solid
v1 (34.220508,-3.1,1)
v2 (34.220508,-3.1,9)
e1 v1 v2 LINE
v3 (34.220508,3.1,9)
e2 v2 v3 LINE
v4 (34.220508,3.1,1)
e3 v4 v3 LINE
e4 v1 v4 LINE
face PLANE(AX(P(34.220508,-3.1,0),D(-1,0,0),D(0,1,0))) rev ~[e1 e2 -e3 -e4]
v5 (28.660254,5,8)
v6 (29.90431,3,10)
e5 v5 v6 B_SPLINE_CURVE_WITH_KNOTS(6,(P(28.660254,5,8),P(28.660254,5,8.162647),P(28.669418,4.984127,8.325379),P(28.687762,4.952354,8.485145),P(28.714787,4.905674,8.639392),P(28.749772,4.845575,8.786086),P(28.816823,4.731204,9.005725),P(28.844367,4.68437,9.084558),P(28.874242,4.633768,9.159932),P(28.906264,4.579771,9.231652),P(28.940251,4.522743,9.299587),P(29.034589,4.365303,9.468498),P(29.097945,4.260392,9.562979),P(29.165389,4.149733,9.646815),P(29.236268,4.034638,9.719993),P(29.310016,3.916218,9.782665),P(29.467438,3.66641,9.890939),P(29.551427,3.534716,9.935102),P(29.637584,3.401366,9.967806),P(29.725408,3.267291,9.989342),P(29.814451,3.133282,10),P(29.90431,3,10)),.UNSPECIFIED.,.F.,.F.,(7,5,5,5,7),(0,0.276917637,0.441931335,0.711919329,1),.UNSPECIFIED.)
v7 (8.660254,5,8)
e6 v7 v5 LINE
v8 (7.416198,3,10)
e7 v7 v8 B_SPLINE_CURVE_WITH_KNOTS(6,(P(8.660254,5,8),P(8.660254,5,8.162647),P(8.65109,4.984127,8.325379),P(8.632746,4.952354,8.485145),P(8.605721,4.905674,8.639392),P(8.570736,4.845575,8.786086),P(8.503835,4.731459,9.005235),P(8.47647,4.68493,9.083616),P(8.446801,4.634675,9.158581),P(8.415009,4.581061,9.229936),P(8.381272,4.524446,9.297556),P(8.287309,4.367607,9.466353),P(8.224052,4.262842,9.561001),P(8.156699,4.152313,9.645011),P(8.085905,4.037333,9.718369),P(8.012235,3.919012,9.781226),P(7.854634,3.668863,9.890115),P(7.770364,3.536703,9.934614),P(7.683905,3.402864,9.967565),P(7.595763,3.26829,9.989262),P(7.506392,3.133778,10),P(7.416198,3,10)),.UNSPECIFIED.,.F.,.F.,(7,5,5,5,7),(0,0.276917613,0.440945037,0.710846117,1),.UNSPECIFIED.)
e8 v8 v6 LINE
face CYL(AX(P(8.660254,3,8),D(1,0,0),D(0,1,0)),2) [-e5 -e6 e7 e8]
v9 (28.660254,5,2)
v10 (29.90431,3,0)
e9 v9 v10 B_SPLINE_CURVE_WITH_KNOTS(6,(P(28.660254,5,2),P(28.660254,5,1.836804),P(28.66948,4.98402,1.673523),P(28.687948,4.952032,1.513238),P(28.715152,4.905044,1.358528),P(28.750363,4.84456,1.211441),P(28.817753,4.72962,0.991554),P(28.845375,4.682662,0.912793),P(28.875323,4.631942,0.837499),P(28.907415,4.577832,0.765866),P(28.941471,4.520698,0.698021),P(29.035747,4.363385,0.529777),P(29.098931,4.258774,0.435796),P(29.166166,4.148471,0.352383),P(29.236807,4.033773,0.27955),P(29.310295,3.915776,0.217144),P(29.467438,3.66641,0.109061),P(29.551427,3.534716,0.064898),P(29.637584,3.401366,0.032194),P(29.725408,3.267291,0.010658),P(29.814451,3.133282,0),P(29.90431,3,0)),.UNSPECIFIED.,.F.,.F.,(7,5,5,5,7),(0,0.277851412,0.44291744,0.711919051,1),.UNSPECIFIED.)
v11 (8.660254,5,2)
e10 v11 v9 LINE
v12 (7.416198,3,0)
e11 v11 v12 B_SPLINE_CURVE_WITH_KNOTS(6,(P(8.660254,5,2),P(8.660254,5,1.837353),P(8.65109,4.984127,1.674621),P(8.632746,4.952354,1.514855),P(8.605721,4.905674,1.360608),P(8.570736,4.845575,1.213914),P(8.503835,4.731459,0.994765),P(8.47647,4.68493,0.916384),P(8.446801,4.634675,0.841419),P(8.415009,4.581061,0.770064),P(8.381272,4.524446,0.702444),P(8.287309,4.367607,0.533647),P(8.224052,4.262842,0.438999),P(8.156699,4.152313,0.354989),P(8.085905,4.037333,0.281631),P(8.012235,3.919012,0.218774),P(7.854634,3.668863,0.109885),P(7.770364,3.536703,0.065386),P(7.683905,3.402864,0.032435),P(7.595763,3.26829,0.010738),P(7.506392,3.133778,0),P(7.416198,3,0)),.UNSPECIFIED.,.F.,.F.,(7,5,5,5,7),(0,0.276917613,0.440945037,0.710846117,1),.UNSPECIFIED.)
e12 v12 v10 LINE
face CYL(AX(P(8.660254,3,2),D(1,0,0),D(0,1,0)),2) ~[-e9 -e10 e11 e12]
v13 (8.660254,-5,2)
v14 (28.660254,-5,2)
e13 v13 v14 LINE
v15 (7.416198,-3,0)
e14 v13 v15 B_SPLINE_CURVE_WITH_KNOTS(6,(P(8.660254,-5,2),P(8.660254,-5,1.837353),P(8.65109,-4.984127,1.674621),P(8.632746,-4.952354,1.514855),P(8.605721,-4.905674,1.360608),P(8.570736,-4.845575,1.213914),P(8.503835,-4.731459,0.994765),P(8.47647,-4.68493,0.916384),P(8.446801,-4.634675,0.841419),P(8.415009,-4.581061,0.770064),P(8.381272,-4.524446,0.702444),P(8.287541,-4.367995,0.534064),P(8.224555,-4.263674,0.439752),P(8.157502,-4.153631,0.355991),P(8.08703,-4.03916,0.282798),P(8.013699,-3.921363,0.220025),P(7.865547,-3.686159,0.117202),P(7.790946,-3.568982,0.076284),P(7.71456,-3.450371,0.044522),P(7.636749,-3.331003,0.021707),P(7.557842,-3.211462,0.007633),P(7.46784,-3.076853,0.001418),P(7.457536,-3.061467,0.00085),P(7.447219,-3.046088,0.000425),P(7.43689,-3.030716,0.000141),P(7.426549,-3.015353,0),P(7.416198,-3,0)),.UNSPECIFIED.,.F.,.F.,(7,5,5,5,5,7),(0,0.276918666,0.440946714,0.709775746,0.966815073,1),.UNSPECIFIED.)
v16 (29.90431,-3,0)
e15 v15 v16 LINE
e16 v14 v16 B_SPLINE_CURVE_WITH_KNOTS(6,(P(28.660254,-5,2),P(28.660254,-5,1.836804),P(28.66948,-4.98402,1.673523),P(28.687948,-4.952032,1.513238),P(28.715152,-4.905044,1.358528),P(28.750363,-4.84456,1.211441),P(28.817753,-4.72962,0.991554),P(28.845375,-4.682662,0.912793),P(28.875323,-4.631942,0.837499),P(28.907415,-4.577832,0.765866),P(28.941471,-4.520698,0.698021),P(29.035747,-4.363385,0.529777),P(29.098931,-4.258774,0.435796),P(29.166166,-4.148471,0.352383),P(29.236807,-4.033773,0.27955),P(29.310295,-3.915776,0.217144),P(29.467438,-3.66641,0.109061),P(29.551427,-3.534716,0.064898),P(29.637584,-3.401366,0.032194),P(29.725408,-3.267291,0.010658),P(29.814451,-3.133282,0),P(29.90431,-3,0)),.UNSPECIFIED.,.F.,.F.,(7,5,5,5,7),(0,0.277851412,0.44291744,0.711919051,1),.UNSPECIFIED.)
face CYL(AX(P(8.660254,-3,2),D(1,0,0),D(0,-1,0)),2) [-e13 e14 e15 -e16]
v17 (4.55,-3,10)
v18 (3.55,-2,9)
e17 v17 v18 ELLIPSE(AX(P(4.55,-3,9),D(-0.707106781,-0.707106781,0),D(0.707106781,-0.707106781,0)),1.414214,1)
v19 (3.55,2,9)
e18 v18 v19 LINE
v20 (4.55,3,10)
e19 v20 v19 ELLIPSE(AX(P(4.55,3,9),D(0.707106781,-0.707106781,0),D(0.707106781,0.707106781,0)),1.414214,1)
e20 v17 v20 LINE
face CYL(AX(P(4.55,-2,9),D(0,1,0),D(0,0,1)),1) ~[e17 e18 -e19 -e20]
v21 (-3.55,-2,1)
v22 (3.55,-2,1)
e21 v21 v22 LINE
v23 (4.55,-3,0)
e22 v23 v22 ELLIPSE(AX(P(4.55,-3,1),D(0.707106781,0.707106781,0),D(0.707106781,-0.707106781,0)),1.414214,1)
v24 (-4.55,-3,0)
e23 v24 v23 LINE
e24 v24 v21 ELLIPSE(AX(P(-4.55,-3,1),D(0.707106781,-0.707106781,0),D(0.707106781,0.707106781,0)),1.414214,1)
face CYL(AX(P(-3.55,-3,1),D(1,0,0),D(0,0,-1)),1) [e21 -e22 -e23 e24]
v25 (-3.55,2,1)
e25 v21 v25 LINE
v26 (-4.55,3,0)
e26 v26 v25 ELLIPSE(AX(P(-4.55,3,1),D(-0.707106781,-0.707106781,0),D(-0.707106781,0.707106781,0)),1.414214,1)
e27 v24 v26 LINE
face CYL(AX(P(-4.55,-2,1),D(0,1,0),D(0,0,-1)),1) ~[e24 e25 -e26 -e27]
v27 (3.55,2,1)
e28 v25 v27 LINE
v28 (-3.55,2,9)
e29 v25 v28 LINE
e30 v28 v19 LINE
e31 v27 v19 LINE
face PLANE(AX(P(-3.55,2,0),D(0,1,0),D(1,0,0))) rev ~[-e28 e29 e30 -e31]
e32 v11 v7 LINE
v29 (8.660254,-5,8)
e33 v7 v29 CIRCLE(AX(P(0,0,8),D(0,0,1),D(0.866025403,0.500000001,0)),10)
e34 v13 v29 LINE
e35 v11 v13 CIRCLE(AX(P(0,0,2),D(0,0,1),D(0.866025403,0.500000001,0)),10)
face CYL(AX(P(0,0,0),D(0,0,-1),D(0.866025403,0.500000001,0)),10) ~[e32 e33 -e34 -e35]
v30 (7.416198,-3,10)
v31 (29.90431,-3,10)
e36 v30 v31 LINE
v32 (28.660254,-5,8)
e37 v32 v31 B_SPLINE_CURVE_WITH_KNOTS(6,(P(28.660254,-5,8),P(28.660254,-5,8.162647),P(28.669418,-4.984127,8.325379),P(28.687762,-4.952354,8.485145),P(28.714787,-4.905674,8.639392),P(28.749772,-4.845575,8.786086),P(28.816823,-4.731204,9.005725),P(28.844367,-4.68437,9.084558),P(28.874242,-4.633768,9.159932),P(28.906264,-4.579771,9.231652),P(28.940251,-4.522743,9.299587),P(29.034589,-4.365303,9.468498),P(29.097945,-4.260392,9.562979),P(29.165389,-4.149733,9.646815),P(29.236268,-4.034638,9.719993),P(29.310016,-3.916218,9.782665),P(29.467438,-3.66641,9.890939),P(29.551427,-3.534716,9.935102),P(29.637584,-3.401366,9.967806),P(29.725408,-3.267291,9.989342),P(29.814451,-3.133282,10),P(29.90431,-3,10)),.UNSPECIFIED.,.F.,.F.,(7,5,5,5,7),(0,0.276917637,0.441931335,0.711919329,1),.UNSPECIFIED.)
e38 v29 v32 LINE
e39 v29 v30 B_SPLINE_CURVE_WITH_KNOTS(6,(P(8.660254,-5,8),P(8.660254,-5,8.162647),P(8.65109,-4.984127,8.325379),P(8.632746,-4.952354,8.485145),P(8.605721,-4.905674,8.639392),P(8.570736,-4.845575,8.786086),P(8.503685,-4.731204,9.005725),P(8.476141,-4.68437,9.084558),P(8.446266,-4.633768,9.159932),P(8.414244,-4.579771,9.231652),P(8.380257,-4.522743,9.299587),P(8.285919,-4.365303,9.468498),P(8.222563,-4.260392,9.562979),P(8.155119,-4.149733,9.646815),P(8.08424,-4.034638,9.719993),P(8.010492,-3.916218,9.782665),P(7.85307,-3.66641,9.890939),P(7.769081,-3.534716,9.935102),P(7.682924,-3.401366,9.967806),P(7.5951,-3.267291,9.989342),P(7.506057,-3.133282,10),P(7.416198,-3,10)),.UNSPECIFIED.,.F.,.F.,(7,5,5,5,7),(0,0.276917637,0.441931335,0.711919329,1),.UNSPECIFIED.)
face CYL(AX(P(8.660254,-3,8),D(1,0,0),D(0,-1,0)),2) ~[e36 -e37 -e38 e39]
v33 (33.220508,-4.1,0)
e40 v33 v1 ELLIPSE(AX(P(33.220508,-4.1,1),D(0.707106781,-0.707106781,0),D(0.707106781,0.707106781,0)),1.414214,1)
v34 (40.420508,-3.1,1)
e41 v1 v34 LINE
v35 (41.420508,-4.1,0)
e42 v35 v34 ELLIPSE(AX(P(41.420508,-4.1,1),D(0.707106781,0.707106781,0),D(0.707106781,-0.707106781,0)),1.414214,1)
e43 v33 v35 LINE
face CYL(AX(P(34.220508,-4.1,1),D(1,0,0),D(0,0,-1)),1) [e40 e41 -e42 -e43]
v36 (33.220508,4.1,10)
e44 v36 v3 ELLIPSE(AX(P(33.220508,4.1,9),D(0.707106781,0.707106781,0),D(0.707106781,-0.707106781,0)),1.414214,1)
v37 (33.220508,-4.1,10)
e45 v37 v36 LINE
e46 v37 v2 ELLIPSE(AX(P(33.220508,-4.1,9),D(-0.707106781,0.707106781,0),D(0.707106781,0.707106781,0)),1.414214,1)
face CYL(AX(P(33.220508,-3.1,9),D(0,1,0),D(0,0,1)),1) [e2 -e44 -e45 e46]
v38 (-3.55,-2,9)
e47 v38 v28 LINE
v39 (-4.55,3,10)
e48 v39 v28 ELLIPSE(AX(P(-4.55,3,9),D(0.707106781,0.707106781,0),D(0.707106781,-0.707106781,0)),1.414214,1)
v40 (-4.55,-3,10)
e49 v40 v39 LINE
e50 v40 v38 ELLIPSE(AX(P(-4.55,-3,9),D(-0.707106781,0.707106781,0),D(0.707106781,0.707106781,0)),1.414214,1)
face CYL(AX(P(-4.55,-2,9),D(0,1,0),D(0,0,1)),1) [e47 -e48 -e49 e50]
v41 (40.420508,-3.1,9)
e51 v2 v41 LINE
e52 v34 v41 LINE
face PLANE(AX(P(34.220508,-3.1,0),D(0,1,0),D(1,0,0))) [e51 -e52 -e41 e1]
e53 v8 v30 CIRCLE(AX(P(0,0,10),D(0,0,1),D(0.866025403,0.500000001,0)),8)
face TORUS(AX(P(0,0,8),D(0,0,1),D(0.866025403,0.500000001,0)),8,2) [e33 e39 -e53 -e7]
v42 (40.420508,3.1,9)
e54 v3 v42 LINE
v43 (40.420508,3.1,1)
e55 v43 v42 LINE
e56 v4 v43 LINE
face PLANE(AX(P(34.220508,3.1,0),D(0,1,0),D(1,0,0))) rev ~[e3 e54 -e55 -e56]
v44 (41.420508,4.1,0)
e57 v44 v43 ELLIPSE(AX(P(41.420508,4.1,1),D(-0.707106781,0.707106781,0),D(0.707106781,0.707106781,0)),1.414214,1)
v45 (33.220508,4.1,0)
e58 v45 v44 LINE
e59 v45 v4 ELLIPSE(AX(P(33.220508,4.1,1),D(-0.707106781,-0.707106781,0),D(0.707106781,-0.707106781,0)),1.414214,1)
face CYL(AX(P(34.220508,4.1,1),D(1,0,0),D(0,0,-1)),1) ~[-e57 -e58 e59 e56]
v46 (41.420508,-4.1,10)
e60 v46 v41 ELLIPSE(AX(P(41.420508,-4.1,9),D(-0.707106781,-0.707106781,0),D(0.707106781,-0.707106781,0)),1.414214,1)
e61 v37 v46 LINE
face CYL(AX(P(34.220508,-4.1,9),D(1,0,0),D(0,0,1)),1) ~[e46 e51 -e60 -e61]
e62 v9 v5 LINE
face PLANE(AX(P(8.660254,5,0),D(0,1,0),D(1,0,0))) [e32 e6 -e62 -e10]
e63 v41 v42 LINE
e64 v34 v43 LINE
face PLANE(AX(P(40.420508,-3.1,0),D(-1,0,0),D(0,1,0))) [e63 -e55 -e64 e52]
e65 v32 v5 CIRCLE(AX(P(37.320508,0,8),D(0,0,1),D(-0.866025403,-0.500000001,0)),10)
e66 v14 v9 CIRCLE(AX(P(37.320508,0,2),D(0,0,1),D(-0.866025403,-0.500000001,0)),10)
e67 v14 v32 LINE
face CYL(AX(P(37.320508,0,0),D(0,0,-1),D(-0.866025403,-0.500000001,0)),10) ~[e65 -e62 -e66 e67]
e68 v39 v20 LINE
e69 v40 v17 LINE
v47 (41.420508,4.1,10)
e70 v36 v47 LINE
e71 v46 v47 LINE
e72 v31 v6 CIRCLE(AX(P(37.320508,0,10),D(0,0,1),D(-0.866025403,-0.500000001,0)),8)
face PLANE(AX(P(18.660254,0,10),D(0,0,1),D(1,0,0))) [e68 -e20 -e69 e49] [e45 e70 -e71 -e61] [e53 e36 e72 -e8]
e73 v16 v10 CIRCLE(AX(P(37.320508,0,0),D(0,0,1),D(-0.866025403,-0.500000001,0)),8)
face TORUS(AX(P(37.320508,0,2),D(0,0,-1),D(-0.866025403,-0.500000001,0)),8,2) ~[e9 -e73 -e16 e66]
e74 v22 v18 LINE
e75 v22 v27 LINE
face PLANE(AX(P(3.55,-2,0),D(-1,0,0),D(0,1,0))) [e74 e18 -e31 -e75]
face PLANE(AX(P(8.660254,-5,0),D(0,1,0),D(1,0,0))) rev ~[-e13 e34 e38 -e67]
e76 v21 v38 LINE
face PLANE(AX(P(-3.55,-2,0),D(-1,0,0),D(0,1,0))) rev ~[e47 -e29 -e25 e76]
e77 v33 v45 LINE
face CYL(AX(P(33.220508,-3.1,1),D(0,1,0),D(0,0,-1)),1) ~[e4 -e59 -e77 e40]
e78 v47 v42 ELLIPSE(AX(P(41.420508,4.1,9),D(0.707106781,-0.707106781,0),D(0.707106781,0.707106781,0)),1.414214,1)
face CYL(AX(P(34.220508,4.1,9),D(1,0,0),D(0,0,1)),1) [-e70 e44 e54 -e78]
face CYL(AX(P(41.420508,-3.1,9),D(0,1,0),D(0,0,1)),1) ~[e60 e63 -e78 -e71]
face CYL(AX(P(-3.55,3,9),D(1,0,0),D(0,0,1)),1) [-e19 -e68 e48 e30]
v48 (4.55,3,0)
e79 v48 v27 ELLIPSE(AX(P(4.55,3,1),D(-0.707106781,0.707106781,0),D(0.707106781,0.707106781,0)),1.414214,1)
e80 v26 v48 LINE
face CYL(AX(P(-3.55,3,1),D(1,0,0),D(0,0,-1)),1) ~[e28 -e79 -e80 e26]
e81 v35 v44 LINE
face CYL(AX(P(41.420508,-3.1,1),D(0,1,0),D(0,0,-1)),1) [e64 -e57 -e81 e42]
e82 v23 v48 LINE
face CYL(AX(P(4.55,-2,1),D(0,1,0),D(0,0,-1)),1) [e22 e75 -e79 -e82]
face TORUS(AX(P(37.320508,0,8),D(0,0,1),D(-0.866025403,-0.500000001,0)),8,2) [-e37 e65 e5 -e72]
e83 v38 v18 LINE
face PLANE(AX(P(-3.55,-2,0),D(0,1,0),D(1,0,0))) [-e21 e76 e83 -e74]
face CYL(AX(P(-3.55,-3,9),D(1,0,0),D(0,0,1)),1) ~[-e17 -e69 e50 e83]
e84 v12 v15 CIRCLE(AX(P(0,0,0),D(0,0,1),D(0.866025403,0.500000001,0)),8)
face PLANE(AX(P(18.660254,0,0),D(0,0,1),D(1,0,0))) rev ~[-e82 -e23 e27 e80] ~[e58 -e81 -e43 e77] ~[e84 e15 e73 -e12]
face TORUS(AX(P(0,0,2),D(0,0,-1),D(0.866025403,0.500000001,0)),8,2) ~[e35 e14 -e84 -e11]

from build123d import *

# Parameters (mm, degrees)
SKETCH_W    = 7.1
SKETCH_H    = 4
SKETCH_W_2  = 6.2
SKETCH_H_2  = 6.2
PAD_DEPTH   = 10
FILLET_R    = 2
FILLET001_R = 1


with BuildPart() as part:
    # Sketch → Pad (new body)
    with BuildSketch(Plane.XY):
        with BuildLine():
            ThreePointArc((8.660254, 5), (-10, 0), (8.660254, -5))
            Line((8.660254, -5), (28.660254, -5))
            ThreePointArc((28.660254, -5), (47.320508, 0), (28.660254, 5))
            Line((8.660254, 5), (28.660254, 5))
        make_face()
        Rectangle(SKETCH_W, SKETCH_H, mode=Mode.SUBTRACT)
        with Locations((37.320508, 0)):
            Rectangle(SKETCH_W_2, SKETCH_H_2, mode=Mode.SUBTRACT)
    extrude(amount=PAD_DEPTH)

    # Fillet
    fillet_edges = [part.edges().sort_by_distance(p)[0] for p in [
        (-10, 0, 10),
        (18.660254, -5, 10),
        (18.660254, 5, 10),
        (47.320508, 0, 10),
        (-10, 0, 0),
        (18.660254, -5, 0),
        (47.320508, 0, 0),
        (18.660254, 5, 0),
    ]]
    fillet(fillet_edges, radius=FILLET_R)

    # Fillet001
    fillet001_edges = [part.edges().sort_by_distance(p)[0] for p in [
        (0, -2, 0),
        (-3.55, 0, 0),
        (0, 2, 0),
        (3.55, 0, 0),
        (0, 2, 10),
        (0, -2, 10),
        (3.55, 0, 10),
        (-3.55, 0, 10),
        (37.320508, 3.1, 10),
        (34.220508, 0, 10),
        (37.320508, -3.1, 10),
        (40.420508, 0, 10),
        (37.320508, -3.1, 0),
        (40.420508, 0, 0),
        (37.320508, 3.1, 0),
        (34.220508, 0, 0),
    ]]
    fillet(fillet001_edges, radius=FILLET001_R)


solid = part.part
